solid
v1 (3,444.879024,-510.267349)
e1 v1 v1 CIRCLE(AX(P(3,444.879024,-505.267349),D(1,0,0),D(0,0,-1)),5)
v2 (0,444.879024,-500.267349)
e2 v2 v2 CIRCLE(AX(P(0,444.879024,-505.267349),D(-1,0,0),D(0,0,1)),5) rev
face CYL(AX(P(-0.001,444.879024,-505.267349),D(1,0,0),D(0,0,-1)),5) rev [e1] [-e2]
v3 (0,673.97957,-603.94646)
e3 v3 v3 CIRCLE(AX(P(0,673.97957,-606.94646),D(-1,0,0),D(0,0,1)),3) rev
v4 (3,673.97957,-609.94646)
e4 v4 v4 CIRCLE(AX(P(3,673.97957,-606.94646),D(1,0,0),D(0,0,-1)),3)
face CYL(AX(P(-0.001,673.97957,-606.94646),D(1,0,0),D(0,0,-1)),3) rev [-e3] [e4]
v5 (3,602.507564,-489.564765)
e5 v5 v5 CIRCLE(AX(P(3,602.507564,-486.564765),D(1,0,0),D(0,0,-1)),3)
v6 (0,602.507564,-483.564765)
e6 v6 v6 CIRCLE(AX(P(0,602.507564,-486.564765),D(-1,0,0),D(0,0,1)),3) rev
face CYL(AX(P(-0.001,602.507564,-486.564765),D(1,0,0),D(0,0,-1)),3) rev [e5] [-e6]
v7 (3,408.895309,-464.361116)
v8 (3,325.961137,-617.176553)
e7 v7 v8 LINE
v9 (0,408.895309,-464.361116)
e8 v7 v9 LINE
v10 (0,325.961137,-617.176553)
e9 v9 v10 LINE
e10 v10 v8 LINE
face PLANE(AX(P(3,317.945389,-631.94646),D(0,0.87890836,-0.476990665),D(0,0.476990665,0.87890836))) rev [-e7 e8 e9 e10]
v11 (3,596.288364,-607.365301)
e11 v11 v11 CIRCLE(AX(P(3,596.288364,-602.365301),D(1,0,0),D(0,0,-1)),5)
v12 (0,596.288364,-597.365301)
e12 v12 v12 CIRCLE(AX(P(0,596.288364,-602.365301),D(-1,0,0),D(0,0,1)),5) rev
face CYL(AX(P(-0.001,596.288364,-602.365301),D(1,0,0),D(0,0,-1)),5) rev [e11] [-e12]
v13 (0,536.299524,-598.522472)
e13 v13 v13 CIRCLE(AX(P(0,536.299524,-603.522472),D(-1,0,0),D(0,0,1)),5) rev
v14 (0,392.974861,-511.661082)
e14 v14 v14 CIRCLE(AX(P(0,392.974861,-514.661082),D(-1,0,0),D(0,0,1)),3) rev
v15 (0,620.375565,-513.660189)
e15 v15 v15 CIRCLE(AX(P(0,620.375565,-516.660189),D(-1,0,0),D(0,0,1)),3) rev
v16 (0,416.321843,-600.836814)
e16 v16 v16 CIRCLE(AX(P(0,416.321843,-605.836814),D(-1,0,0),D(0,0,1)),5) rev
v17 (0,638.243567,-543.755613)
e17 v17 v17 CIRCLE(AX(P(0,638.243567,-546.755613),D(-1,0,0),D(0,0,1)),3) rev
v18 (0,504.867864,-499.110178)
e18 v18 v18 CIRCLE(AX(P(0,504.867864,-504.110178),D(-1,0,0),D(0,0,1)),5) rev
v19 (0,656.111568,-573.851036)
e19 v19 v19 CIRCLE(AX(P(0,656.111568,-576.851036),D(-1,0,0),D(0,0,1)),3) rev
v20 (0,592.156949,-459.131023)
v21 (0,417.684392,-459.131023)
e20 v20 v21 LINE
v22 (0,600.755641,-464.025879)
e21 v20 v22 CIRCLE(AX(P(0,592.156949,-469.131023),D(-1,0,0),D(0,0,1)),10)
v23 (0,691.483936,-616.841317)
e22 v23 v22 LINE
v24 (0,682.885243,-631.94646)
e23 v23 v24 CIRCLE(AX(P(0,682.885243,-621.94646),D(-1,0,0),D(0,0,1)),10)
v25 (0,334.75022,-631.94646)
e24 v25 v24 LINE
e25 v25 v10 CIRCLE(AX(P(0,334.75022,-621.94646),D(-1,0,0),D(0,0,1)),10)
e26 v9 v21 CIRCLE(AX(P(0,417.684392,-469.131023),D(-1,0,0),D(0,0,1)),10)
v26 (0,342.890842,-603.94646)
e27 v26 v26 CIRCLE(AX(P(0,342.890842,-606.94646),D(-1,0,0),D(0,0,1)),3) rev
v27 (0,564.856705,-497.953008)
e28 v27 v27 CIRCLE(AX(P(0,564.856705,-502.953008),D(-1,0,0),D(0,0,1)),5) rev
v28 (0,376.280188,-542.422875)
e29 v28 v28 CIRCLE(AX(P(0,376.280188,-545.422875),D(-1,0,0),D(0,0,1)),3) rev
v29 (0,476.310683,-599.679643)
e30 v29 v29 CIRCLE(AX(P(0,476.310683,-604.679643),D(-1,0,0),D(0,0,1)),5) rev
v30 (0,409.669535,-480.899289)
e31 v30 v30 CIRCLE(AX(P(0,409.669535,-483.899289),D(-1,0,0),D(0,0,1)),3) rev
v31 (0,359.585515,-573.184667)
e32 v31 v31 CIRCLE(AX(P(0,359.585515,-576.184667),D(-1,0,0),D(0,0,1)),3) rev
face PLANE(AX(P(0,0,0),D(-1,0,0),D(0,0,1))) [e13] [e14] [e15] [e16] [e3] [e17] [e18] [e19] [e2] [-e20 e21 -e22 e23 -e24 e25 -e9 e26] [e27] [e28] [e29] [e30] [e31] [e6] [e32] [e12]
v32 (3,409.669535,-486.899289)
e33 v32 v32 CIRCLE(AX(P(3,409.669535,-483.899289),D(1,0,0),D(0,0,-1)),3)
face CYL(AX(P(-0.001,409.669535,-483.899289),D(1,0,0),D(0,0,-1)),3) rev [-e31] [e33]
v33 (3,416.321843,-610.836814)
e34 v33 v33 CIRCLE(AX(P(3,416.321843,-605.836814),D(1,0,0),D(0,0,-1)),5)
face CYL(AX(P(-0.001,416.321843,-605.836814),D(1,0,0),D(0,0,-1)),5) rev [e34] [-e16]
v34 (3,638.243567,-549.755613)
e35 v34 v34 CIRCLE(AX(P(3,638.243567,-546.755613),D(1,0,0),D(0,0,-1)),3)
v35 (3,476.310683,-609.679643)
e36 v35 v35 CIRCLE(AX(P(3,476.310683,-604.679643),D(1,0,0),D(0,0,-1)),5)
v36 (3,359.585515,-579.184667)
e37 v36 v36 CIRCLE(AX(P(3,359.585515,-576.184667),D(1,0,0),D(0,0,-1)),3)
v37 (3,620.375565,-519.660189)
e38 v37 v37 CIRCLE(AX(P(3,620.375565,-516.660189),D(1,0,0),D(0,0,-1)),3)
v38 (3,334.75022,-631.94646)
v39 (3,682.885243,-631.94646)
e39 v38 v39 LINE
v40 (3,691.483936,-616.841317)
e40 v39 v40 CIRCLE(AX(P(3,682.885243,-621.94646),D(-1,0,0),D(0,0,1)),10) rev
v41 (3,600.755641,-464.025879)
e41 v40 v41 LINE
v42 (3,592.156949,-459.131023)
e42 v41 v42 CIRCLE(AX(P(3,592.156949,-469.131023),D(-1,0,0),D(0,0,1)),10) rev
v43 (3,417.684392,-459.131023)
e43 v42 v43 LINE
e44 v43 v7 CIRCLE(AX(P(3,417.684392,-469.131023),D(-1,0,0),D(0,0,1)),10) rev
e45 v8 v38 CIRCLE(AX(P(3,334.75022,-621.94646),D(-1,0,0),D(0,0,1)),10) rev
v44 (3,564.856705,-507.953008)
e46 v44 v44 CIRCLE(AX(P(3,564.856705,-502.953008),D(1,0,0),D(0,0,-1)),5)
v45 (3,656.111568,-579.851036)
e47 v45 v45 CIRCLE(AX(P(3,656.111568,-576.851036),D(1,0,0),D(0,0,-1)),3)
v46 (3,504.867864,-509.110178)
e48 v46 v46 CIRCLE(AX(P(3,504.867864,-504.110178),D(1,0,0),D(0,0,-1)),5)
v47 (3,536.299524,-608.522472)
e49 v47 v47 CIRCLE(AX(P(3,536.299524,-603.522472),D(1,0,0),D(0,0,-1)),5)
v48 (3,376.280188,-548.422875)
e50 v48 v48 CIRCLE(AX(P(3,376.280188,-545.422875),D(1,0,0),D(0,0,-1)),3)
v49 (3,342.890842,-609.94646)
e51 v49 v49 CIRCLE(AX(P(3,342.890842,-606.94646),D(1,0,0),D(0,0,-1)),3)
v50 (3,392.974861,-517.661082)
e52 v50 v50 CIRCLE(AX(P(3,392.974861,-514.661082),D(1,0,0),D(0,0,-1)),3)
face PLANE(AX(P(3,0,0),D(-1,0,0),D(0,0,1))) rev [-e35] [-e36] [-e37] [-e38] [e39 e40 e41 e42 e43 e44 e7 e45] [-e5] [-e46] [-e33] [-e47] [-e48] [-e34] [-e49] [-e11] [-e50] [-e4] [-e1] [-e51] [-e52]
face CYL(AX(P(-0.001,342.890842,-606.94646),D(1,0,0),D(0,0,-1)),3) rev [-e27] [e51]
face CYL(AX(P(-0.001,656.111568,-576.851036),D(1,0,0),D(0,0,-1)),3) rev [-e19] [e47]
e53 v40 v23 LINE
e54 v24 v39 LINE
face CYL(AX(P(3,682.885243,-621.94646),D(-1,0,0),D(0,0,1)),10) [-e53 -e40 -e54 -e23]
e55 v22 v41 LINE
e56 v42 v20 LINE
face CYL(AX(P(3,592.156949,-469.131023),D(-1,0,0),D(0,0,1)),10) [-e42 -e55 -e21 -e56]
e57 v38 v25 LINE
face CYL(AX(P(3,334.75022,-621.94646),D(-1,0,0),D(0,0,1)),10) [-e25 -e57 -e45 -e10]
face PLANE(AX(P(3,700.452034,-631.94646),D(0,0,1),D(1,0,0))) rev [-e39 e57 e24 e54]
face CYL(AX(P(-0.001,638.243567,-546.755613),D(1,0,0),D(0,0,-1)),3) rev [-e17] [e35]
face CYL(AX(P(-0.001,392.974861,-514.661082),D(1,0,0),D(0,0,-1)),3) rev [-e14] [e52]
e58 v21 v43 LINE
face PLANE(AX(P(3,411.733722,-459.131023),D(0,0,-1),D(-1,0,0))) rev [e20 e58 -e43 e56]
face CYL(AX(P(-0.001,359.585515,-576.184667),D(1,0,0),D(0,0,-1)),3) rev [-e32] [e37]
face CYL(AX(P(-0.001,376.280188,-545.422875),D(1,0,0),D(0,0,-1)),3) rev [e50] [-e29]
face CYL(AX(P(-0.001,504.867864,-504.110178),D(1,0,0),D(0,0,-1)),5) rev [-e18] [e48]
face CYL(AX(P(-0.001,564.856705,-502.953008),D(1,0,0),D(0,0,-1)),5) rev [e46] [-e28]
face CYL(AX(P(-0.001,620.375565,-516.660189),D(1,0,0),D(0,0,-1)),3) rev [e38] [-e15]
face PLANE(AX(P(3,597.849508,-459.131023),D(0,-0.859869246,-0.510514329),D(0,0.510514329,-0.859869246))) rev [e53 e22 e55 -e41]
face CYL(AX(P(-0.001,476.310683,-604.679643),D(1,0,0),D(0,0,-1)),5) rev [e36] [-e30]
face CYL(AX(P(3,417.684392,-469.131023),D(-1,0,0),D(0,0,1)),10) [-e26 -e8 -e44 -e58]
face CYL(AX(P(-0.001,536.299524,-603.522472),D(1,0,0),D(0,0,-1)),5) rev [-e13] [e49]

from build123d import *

# Parameters (mm, degrees)
BOSS_EXTRUDE1_DEPTH = 3
CUT_EXTRUDE1_REACH  = 5
SKETCH3_R           = 3
CUT_EXTRUDE2_REACH  = 5
SKETCH4_R           = 5
FILLET1_R           = 10


with BuildPart() as part:
    # Sketch1 → Boss-Extrude1 (new body)
    with BuildSketch(Plane(origin=(0, 0, 0), x_dir=(0, 0, -1), z_dir=(1, 0, 0))):
        Polygon((459.131022606, 411.733722484), (459.131022606, 597.849507888), (631.946459815, 700.452034157), (631.946459815, 317.945389168), align=None)
    extrude(amount=BOSS_EXTRUDE1_DEPTH)

    # Sketch3 → Cut-Extrude1 (cut, up to next)
    with BuildSketch(Plane(origin=(3, 0, 0), x_dir=(0, 0, -1), z_dir=(1, 0, 0)), mode=Mode.PRIVATE) as cut_extrude1_sk1:
        with Locations((516.660188982, 620.375565005)):
            Circle(SKETCH3_R)
    cut_extrude1_tool1 = extrude(cut_extrude1_sk1.sketch, amount=-CUT_EXTRUDE1_REACH, mode=Mode.PRIVATE) & part.part
    add(cut_extrude1_tool1.solids().sort_by_distance((3, 620.375565, -516.660189))[0], mode=Mode.SUBTRACT)
    # Sketch3 → Cut-Extrude1 (cut, up to next)
    with BuildSketch(Plane(origin=(3, 0, 0), x_dir=(0, 0, -1), z_dir=(1, 0, 0)), mode=Mode.PRIVATE) as cut_extrude1_sk2:
        with Locations((546.755612593, 638.243566507)):
            Circle(SKETCH3_R)
    cut_extrude1_tool2 = extrude(cut_extrude1_sk2.sketch, amount=-CUT_EXTRUDE1_REACH, mode=Mode.PRIVATE) & part.part
    add(cut_extrude1_tool2.solids().sort_by_distance((3, 638.243567, -546.755613))[0], mode=Mode.SUBTRACT)
    # Sketch3 → Cut-Extrude1 (cut, up to next)
    with BuildSketch(Plane(origin=(3, 0, 0), x_dir=(0, 0, -1), z_dir=(1, 0, 0)), mode=Mode.PRIVATE) as cut_extrude1_sk3:
        with Locations((576.851036204, 656.111568009)):
            Circle(SKETCH3_R)
    cut_extrude1_tool3 = extrude(cut_extrude1_sk3.sketch, amount=-CUT_EXTRUDE1_REACH, mode=Mode.PRIVATE) & part.part
    add(cut_extrude1_tool3.solids().sort_by_distance((3, 656.111568, -576.851036))[0], mode=Mode.SUBTRACT)
    # Sketch3 → Cut-Extrude1 (cut, up to next)
    with BuildSketch(Plane(origin=(3, 0, 0), x_dir=(0, 0, -1), z_dir=(1, 0, 0)), mode=Mode.PRIVATE) as cut_extrude1_sk4:
        with Locations((514.66108198, 392.974861297)):
            Circle(SKETCH3_R)
    cut_extrude1_tool4 = extrude(cut_extrude1_sk4.sketch, amount=-CUT_EXTRUDE1_REACH, mode=Mode.PRIVATE) & part.part
    add(cut_extrude1_tool4.solids().sort_by_distance((3, 392.974861, -514.661082))[0], mode=Mode.SUBTRACT)
    # Sketch3 → Cut-Extrude1 (cut, up to next)
    with BuildSketch(Plane(origin=(3, 0, 0), x_dir=(0, 0, -1), z_dir=(1, 0, 0)), mode=Mode.PRIVATE) as cut_extrude1_sk5:
        with Locations((545.422874592, 376.280188034)):
            Circle(SKETCH3_R)
    cut_extrude1_tool5 = extrude(cut_extrude1_sk5.sketch, amount=-CUT_EXTRUDE1_REACH, mode=Mode.PRIVATE) & part.part
    add(cut_extrude1_tool5.solids().sort_by_distance((3, 376.280188, -545.422875))[0], mode=Mode.SUBTRACT)
    # Sketch3 → Cut-Extrude1 (cut, up to next)
    with BuildSketch(Plane(origin=(3, 0, 0), x_dir=(0, 0, -1), z_dir=(1, 0, 0)), mode=Mode.PRIVATE) as cut_extrude1_sk6:
        with Locations((576.184667203, 359.585514772)):
            Circle(SKETCH3_R)
    cut_extrude1_tool6 = extrude(cut_extrude1_sk6.sketch, amount=-CUT_EXTRUDE1_REACH, mode=Mode.PRIVATE) & part.part
    add(cut_extrude1_tool6.solids().sort_by_distance((3, 359.585515, -576.184667))[0], mode=Mode.SUBTRACT)
    # Sketch3 → Cut-Extrude1 (cut, up to next)
    with BuildSketch(Plane(origin=(3, 0, 0), x_dir=(0, 0, -1), z_dir=(1, 0, 0)), mode=Mode.PRIVATE) as cut_extrude1_sk7:
        with Locations((486.564765371, 602.507563503)):
            Circle(SKETCH3_R)
    cut_extrude1_tool7 = extrude(cut_extrude1_sk7.sketch, amount=-CUT_EXTRUDE1_REACH, mode=Mode.PRIVATE) & part.part
    add(cut_extrude1_tool7.solids().sort_by_distance((3, 602.507564, -486.564765))[0], mode=Mode.SUBTRACT)
    # Sketch3 → Cut-Extrude1 (cut, up to next)
    with BuildSketch(Plane(origin=(3, 0, 0), x_dir=(0, 0, -1), z_dir=(1, 0, 0)), mode=Mode.PRIVATE) as cut_extrude1_sk8:
        with Locations((606.946459815, 673.979569511)):
            Circle(SKETCH3_R)
    cut_extrude1_tool8 = extrude(cut_extrude1_sk8.sketch, amount=-CUT_EXTRUDE1_REACH, mode=Mode.PRIVATE) & part.part
    add(cut_extrude1_tool8.solids().sort_by_distance((3, 673.97957, -606.94646))[0], mode=Mode.SUBTRACT)
    # Sketch3 → Cut-Extrude1 (cut, up to next)
    with BuildSketch(Plane(origin=(3, 0, 0), x_dir=(0, 0, -1), z_dir=(1, 0, 0)), mode=Mode.PRIVATE) as cut_extrude1_sk9:
        with Locations((483.899289369, 409.669534559)):
            Circle(SKETCH3_R)
    cut_extrude1_tool9 = extrude(cut_extrude1_sk9.sketch, amount=-CUT_EXTRUDE1_REACH, mode=Mode.PRIVATE) & part.part
    add(cut_extrude1_tool9.solids().sort_by_distance((3, 409.669535, -483.899289))[0], mode=Mode.SUBTRACT)
    # Sketch3 → Cut-Extrude1 (cut, up to next)
    with BuildSketch(Plane(origin=(3, 0, 0), x_dir=(0, 0, -1), z_dir=(1, 0, 0)), mode=Mode.PRIVATE) as cut_extrude1_sk10:
        with Locations((606.946459815, 342.89084151)):
            Circle(SKETCH3_R)
    cut_extrude1_tool10 = extrude(cut_extrude1_sk10.sketch, amount=-CUT_EXTRUDE1_REACH, mode=Mode.PRIVATE) & part.part
    add(cut_extrude1_tool10.solids().sort_by_distance((3, 342.890842, -606.94646))[0], mode=Mode.SUBTRACT)

    # Sketch4 → Cut-Extrude2 (cut, up to next)
    with BuildSketch(Plane(origin=(3, 0, 0), x_dir=(0, 0, -1), z_dir=(1, 0, 0)), mode=Mode.PRIVATE) as cut_extrude2_sk1:
        with Locations((602.36530116, 596.288363913)):
            Circle(SKETCH4_R)
    cut_extrude2_tool1 = extrude(cut_extrude2_sk1.sketch, amount=-CUT_EXTRUDE2_REACH, mode=Mode.PRIVATE) & part.part
    add(cut_extrude2_tool1.solids().sort_by_distance((3, 596.288364, -602.365301))[0], mode=Mode.SUBTRACT)
    # Sketch4 → Cut-Extrude2 (cut, up to next)
    with BuildSketch(Plane(origin=(3, 0, 0), x_dir=(0, 0, -1), z_dir=(1, 0, 0)), mode=Mode.PRIVATE) as cut_extrude2_sk2:
        with Locations((603.522472038, 536.299523655)):
            Circle(SKETCH4_R)
    cut_extrude2_tool2 = extrude(cut_extrude2_sk2.sketch, amount=-CUT_EXTRUDE2_REACH, mode=Mode.PRIVATE) & part.part
    add(cut_extrude2_tool2.solids().sort_by_distance((3, 536.299524, -603.522472))[0], mode=Mode.SUBTRACT)
    # Sketch4 → Cut-Extrude2 (cut, up to next)
    with BuildSketch(Plane(origin=(3, 0, 0), x_dir=(0, 0, -1), z_dir=(1, 0, 0)), mode=Mode.PRIVATE) as cut_extrude2_sk3:
        with Locations((604.679642916, 476.310683396)):
            Circle(SKETCH4_R)
    cut_extrude2_tool3 = extrude(cut_extrude2_sk3.sketch, amount=-CUT_EXTRUDE2_REACH, mode=Mode.PRIVATE) & part.part
    add(cut_extrude2_tool3.solids().sort_by_distance((3, 476.310683, -604.679643))[0], mode=Mode.SUBTRACT)
    # Sketch4 → Cut-Extrude2 (cut, up to next)
    with BuildSketch(Plane(origin=(3, 0, 0), x_dir=(0, 0, -1), z_dir=(1, 0, 0)), mode=Mode.PRIVATE) as cut_extrude2_sk4:
        with Locations((605.836813794, 416.321843138)):
            Circle(SKETCH4_R)
    cut_extrude2_tool4 = extrude(cut_extrude2_sk4.sketch, amount=-CUT_EXTRUDE2_REACH, mode=Mode.PRIVATE) & part.part
    add(cut_extrude2_tool4.solids().sort_by_distance((3, 416.321843, -605.836814))[0], mode=Mode.SUBTRACT)
    # Sketch4 → Cut-Extrude2 (cut, up to next)
    with BuildSketch(Plane(origin=(3, 0, 0), x_dir=(0, 0, -1), z_dir=(1, 0, 0)), mode=Mode.PRIVATE) as cut_extrude2_sk5:
        with Locations((502.953007582, 564.856704632)):
            Circle(SKETCH4_R)
    cut_extrude2_tool5 = extrude(cut_extrude2_sk5.sketch, amount=-CUT_EXTRUDE2_REACH, mode=Mode.PRIVATE) & part.part
    add(cut_extrude2_tool5.solids().sort_by_distance((3, 564.856705, -502.953008))[0], mode=Mode.SUBTRACT)
    # Sketch4 → Cut-Extrude2 (cut, up to next)
    with BuildSketch(Plane(origin=(3, 0, 0), x_dir=(0, 0, -1), z_dir=(1, 0, 0)), mode=Mode.PRIVATE) as cut_extrude2_sk6:
        with Locations((504.110178459, 504.867864374)):
            Circle(SKETCH4_R)
    cut_extrude2_tool6 = extrude(cut_extrude2_sk6.sketch, amount=-CUT_EXTRUDE2_REACH, mode=Mode.PRIVATE) & part.part
    add(cut_extrude2_tool6.solids().sort_by_distance((3, 504.867864, -504.110178))[0], mode=Mode.SUBTRACT)
    # Sketch4 → Cut-Extrude2 (cut, up to next)
    with BuildSketch(Plane(origin=(3, 0, 0), x_dir=(0, 0, -1), z_dir=(1, 0, 0)), mode=Mode.PRIVATE) as cut_extrude2_sk7:
        with Locations((505.267349337, 444.879024115)):
            Circle(SKETCH4_R)
    cut_extrude2_tool7 = extrude(cut_extrude2_sk7.sketch, amount=-CUT_EXTRUDE2_REACH, mode=Mode.PRIVATE) & part.part
    add(cut_extrude2_tool7.solids().sort_by_distance((3, 444.879024, -505.267349))[0], mode=Mode.SUBTRACT)

    # Fillet1
    fillet1_edges = [part.edges().sort_by_distance(p)[0] for p in [
        (1.5, 411.733722484, -459.131022606),
        (1.5, 597.849507888, -459.131022606),
        (1.5, 700.452034157, -631.946459815),
        (1.5, 317.945389168, -631.946459815),
    ]]
    fillet(fillet1_edges, radius=FILLET1_R)


solid = part.part
